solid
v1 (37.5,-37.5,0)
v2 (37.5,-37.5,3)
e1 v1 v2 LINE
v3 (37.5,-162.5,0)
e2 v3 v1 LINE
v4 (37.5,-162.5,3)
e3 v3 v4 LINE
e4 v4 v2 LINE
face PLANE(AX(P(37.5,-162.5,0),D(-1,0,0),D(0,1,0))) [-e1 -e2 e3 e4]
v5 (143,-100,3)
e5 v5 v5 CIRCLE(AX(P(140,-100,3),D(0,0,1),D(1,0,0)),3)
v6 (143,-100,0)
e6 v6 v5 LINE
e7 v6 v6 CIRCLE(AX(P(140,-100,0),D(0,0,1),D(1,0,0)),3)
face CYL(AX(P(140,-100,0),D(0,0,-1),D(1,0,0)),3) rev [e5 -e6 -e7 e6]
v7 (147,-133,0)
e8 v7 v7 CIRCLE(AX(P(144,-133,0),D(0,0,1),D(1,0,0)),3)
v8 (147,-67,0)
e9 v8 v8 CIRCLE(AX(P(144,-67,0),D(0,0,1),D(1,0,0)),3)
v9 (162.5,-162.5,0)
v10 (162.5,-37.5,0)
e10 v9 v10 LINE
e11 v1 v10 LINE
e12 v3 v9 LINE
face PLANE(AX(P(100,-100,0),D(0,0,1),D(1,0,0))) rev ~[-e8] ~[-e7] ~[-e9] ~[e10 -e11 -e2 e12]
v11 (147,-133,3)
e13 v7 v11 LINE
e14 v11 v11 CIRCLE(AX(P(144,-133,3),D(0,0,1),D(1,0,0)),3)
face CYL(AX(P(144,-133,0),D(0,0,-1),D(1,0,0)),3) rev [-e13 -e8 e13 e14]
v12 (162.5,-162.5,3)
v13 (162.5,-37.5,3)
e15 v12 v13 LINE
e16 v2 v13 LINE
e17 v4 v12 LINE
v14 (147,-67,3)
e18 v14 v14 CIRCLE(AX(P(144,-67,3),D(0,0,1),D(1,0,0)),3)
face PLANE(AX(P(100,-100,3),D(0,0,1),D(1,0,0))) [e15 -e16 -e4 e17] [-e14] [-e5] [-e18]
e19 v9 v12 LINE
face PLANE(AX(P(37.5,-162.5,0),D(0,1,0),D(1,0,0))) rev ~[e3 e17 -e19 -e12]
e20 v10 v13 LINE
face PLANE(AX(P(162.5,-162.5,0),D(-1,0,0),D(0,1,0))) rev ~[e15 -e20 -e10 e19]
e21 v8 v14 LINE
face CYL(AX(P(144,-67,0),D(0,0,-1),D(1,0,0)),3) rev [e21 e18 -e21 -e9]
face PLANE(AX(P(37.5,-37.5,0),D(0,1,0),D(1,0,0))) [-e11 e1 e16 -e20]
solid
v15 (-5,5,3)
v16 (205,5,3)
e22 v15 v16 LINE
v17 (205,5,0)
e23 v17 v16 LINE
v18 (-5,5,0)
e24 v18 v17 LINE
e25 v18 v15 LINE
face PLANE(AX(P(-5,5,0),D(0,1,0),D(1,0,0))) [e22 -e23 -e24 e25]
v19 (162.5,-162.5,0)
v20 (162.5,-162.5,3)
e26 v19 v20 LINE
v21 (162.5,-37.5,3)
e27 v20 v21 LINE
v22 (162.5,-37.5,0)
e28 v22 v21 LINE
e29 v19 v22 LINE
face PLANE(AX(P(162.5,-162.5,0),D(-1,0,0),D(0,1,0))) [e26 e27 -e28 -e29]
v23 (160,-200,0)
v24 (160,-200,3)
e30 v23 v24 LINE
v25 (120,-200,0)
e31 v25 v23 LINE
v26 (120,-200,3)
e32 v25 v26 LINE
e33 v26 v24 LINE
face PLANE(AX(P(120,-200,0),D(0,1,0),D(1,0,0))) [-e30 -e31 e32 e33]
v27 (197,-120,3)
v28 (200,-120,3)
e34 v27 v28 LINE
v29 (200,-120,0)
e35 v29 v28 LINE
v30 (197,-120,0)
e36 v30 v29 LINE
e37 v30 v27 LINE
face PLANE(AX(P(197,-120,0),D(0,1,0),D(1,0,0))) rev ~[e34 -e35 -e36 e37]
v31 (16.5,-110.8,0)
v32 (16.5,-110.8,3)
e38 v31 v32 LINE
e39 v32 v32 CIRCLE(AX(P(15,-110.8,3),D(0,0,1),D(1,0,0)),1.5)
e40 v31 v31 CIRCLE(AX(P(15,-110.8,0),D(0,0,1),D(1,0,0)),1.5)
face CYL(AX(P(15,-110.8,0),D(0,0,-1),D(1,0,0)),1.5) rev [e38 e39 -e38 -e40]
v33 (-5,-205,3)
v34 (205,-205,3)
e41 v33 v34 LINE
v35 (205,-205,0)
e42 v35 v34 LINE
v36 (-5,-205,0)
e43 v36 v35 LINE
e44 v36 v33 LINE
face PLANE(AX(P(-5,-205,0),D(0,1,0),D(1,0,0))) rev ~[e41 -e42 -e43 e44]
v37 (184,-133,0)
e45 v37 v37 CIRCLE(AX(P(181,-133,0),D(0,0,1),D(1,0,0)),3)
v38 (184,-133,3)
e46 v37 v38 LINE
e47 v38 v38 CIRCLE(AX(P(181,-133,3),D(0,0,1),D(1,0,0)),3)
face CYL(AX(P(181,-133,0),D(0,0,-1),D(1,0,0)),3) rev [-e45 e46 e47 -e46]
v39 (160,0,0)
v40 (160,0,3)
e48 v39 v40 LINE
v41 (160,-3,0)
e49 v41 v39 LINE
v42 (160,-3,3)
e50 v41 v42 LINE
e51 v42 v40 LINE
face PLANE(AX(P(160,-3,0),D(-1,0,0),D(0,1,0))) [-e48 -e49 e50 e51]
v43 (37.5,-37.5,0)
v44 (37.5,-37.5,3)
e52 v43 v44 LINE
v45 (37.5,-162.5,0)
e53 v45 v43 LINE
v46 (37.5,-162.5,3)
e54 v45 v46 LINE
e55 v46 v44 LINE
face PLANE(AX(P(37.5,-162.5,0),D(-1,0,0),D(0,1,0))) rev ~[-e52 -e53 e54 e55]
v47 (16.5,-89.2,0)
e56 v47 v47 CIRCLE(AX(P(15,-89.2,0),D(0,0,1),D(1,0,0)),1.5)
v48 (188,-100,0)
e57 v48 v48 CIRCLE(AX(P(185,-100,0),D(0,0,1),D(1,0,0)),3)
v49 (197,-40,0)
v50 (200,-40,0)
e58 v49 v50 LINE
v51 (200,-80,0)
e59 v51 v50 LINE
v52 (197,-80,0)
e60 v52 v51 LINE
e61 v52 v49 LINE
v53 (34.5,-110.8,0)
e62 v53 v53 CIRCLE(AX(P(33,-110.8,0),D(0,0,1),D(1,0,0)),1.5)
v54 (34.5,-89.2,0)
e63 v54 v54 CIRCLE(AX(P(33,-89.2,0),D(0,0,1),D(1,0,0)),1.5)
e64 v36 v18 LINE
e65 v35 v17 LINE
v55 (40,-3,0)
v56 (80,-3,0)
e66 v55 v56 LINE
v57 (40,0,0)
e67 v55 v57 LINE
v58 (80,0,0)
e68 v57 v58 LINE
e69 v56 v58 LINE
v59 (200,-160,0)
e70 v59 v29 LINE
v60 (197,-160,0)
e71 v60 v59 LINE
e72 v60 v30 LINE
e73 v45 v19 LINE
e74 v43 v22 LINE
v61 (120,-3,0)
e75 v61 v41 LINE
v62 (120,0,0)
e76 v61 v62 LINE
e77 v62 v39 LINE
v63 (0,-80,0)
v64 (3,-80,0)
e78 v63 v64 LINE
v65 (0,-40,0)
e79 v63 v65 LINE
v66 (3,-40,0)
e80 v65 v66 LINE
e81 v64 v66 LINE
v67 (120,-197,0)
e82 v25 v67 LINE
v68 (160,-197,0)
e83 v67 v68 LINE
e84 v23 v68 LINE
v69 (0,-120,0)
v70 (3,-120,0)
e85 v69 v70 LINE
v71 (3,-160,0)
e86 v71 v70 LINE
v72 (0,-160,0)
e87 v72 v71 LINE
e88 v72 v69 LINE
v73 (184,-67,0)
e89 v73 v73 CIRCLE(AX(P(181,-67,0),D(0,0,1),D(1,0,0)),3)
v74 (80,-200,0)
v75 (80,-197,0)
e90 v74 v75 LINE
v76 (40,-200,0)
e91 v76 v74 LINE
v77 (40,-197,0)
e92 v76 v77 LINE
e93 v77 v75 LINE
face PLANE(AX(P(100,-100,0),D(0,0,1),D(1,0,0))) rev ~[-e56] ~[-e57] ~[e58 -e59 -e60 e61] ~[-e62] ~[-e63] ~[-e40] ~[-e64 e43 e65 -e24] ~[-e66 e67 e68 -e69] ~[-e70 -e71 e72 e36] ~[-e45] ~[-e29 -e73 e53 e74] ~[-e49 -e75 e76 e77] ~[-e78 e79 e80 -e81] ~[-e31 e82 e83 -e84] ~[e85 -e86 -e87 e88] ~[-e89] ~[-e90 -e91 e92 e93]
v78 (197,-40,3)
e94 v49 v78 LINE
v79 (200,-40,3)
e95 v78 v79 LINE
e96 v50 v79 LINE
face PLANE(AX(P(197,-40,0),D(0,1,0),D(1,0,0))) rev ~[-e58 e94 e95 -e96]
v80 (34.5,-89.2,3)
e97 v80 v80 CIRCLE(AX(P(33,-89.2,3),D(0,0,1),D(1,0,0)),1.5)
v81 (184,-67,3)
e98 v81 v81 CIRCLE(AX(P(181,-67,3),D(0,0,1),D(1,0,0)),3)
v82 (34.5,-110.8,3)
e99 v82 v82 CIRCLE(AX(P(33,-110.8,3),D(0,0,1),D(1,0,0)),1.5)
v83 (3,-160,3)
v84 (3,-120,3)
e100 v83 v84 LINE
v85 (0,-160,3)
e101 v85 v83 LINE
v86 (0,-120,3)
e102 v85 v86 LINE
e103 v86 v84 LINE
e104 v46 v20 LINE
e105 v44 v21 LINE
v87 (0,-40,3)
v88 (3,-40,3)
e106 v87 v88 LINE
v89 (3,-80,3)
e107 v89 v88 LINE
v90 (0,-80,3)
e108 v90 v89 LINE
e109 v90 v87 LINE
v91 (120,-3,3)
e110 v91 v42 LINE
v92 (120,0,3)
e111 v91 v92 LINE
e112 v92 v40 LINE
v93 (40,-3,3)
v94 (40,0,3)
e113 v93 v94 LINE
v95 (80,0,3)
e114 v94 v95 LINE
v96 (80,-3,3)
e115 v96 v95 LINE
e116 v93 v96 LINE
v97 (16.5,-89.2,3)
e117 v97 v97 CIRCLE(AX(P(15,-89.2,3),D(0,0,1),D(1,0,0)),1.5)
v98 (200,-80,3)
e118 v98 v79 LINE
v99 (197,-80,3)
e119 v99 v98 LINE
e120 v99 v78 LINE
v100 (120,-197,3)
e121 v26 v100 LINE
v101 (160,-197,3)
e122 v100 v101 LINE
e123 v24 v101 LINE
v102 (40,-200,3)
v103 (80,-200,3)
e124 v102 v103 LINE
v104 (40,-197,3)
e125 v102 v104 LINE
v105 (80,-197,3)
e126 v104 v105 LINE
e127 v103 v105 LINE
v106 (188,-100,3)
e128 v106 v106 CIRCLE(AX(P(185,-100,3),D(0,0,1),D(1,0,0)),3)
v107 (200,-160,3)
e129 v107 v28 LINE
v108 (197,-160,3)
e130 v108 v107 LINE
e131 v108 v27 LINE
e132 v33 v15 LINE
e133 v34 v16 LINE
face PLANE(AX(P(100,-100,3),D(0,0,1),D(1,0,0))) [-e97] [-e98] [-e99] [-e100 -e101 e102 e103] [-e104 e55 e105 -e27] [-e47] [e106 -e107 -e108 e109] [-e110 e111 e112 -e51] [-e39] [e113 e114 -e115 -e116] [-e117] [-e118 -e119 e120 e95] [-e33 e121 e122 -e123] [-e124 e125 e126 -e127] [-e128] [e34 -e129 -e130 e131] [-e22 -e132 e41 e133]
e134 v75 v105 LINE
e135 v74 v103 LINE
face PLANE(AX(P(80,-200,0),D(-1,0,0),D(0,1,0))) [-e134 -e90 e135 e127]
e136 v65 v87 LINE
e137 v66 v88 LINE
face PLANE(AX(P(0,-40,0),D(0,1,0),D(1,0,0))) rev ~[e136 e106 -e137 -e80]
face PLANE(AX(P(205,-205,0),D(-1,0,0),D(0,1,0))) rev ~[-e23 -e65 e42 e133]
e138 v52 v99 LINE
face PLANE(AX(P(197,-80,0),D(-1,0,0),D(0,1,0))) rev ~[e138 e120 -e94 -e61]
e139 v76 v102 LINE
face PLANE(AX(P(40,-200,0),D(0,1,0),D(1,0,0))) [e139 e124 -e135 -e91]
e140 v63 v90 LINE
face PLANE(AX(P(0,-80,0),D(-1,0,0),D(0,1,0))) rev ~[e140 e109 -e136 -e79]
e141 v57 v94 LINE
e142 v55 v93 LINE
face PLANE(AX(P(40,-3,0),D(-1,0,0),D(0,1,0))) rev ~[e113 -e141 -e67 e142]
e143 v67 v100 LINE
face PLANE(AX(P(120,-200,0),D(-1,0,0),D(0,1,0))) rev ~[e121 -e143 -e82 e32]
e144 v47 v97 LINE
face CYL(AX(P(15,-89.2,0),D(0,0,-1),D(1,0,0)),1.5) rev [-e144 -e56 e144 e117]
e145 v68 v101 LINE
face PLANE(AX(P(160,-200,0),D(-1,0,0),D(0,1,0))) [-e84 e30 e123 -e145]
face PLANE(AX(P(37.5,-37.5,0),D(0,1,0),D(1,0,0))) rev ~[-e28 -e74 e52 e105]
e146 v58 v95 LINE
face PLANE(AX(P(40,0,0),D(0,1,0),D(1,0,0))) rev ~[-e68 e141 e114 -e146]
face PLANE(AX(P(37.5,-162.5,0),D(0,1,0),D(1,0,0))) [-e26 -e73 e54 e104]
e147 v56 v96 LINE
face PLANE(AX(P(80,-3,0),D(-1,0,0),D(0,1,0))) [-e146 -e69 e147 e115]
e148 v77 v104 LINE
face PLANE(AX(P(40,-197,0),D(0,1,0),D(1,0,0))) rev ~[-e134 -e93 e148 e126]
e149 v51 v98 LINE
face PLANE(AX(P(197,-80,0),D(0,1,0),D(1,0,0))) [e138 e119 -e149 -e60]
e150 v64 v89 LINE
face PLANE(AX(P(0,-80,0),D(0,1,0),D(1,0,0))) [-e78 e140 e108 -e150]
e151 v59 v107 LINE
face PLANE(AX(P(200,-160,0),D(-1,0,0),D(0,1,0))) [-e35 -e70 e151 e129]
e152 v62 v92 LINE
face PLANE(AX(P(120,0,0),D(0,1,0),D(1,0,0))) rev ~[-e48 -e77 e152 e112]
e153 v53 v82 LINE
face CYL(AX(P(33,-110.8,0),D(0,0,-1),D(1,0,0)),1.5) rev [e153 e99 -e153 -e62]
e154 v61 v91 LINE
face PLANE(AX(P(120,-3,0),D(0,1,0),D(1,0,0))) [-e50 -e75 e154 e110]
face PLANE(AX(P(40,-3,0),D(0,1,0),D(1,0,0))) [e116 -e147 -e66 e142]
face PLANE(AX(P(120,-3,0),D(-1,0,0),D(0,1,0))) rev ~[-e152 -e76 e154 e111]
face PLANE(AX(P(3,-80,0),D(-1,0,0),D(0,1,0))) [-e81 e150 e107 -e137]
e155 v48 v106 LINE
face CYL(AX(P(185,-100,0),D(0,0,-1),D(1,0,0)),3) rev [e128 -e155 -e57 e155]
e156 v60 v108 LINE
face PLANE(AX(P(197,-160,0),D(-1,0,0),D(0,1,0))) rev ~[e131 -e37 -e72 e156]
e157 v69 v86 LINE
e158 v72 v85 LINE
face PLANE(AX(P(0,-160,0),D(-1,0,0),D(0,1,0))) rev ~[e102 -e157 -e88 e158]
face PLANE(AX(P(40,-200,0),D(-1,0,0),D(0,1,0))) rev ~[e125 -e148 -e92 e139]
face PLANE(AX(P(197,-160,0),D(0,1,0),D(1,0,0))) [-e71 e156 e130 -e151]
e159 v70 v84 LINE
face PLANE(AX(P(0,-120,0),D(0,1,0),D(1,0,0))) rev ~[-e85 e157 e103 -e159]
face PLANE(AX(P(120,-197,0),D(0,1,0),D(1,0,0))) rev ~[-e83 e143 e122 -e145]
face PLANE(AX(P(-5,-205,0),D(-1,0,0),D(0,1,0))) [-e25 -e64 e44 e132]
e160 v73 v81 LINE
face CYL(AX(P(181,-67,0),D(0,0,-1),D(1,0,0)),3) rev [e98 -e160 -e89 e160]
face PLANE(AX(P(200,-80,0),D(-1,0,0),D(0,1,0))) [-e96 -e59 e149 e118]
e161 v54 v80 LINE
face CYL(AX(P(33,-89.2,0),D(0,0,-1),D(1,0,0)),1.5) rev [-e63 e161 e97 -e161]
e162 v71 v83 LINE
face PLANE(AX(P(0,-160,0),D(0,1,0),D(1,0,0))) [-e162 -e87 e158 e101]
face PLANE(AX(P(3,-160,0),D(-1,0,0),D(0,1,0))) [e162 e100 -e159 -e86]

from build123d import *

# Parameters (mm, degrees)
SKETCH_1_W      = 210
SKETCH_1_H      = 210
SKETCH_1_W_2    = 3
SKETCH_1_H_2    = 40
SKETCH_1_W_3    = 40
SKETCH_1_H_3    = 3
SKETCH_1_W_4    = 125
SKETCH_1_H_4    = 125
SKETCH_1_R      = 1.5
SKETCH_1_R_2    = 3
EXTRUDE_1_DEPTH = 3
SKETCH_1_3_W    = 125
SKETCH_1_3_H    = 125
SKETCH_1_3_R    = 3
EXTRUDE_2_DEPTH = 3


with BuildPart() as part:
    # 草图1 → 凸台-拉伸1 (new body)
    with BuildSketch(Plane.XY):
        with Locations((100, -100)):
            Rectangle(SKETCH_1_W, SKETCH_1_H)
        with Locations((1.5, -60)):
            Rectangle(SKETCH_1_W_2, SKETCH_1_H_2, mode=Mode.SUBTRACT)
        with Locations((60, -1.5)):
            Rectangle(SKETCH_1_W_3, SKETCH_1_H_3, mode=Mode.SUBTRACT)
        with Locations((100, -100)):
            Rectangle(SKETCH_1_W_4, SKETCH_1_H_4, mode=Mode.SUBTRACT)
        with Locations((1.5, -140)):
            Rectangle(SKETCH_1_W_2, SKETCH_1_H_2, mode=Mode.SUBTRACT)
        with Locations((140, -1.5)):
            Rectangle(SKETCH_1_W_3, SKETCH_1_H_3, mode=Mode.SUBTRACT)
        with Locations((198.5, -60)):
            Rectangle(SKETCH_1_W_2, SKETCH_1_H_2, mode=Mode.SUBTRACT)
        with Locations((33, -89.2)):
            Circle(SKETCH_1_R, mode=Mode.SUBTRACT)
        with Locations((15, -89.2)):
            Circle(SKETCH_1_R, mode=Mode.SUBTRACT)
        with Locations((60, -198.5)):
            Rectangle(SKETCH_1_W_3, SKETCH_1_H_3, mode=Mode.SUBTRACT)
        with Locations((140, -198.5)):
            Rectangle(SKETCH_1_W_3, SKETCH_1_H_3, mode=Mode.SUBTRACT)
        with Locations((198.5, -140)):
            Rectangle(SKETCH_1_W_2, SKETCH_1_H_2, mode=Mode.SUBTRACT)
        with Locations((181, -67)):
            Circle(SKETCH_1_R_2, mode=Mode.SUBTRACT)
        with Locations((185, -100)):
            Circle(SKETCH_1_R_2, mode=Mode.SUBTRACT)
        with Locations((33, -110.8)):
            Circle(SKETCH_1_R, mode=Mode.SUBTRACT)
        with Locations((15, -110.8)):
            Circle(SKETCH_1_R, mode=Mode.SUBTRACT)
        with Locations((181, -133)):
            Circle(SKETCH_1_R_2, mode=Mode.SUBTRACT)
    extrude(amount=EXTRUDE_1_DEPTH)


with BuildPart() as body_2:
    # 草图1<3> → 凸台-拉伸2 (new body)
    with BuildSketch(Plane.XY):
        with Locations((100, -100)):
            Rectangle(SKETCH_1_3_W, SKETCH_1_3_H)
        with Locations((144, -67)):
            Circle(SKETCH_1_3_R, mode=Mode.SUBTRACT)
        with Locations((140, -100)):
            Circle(SKETCH_1_3_R, mode=Mode.SUBTRACT)
        with Locations((144, -133)):
            Circle(SKETCH_1_3_R, mode=Mode.SUBTRACT)
    extrude(amount=EXTRUDE_2_DEPTH)


solid = Compound([part.part, body_2.part])
